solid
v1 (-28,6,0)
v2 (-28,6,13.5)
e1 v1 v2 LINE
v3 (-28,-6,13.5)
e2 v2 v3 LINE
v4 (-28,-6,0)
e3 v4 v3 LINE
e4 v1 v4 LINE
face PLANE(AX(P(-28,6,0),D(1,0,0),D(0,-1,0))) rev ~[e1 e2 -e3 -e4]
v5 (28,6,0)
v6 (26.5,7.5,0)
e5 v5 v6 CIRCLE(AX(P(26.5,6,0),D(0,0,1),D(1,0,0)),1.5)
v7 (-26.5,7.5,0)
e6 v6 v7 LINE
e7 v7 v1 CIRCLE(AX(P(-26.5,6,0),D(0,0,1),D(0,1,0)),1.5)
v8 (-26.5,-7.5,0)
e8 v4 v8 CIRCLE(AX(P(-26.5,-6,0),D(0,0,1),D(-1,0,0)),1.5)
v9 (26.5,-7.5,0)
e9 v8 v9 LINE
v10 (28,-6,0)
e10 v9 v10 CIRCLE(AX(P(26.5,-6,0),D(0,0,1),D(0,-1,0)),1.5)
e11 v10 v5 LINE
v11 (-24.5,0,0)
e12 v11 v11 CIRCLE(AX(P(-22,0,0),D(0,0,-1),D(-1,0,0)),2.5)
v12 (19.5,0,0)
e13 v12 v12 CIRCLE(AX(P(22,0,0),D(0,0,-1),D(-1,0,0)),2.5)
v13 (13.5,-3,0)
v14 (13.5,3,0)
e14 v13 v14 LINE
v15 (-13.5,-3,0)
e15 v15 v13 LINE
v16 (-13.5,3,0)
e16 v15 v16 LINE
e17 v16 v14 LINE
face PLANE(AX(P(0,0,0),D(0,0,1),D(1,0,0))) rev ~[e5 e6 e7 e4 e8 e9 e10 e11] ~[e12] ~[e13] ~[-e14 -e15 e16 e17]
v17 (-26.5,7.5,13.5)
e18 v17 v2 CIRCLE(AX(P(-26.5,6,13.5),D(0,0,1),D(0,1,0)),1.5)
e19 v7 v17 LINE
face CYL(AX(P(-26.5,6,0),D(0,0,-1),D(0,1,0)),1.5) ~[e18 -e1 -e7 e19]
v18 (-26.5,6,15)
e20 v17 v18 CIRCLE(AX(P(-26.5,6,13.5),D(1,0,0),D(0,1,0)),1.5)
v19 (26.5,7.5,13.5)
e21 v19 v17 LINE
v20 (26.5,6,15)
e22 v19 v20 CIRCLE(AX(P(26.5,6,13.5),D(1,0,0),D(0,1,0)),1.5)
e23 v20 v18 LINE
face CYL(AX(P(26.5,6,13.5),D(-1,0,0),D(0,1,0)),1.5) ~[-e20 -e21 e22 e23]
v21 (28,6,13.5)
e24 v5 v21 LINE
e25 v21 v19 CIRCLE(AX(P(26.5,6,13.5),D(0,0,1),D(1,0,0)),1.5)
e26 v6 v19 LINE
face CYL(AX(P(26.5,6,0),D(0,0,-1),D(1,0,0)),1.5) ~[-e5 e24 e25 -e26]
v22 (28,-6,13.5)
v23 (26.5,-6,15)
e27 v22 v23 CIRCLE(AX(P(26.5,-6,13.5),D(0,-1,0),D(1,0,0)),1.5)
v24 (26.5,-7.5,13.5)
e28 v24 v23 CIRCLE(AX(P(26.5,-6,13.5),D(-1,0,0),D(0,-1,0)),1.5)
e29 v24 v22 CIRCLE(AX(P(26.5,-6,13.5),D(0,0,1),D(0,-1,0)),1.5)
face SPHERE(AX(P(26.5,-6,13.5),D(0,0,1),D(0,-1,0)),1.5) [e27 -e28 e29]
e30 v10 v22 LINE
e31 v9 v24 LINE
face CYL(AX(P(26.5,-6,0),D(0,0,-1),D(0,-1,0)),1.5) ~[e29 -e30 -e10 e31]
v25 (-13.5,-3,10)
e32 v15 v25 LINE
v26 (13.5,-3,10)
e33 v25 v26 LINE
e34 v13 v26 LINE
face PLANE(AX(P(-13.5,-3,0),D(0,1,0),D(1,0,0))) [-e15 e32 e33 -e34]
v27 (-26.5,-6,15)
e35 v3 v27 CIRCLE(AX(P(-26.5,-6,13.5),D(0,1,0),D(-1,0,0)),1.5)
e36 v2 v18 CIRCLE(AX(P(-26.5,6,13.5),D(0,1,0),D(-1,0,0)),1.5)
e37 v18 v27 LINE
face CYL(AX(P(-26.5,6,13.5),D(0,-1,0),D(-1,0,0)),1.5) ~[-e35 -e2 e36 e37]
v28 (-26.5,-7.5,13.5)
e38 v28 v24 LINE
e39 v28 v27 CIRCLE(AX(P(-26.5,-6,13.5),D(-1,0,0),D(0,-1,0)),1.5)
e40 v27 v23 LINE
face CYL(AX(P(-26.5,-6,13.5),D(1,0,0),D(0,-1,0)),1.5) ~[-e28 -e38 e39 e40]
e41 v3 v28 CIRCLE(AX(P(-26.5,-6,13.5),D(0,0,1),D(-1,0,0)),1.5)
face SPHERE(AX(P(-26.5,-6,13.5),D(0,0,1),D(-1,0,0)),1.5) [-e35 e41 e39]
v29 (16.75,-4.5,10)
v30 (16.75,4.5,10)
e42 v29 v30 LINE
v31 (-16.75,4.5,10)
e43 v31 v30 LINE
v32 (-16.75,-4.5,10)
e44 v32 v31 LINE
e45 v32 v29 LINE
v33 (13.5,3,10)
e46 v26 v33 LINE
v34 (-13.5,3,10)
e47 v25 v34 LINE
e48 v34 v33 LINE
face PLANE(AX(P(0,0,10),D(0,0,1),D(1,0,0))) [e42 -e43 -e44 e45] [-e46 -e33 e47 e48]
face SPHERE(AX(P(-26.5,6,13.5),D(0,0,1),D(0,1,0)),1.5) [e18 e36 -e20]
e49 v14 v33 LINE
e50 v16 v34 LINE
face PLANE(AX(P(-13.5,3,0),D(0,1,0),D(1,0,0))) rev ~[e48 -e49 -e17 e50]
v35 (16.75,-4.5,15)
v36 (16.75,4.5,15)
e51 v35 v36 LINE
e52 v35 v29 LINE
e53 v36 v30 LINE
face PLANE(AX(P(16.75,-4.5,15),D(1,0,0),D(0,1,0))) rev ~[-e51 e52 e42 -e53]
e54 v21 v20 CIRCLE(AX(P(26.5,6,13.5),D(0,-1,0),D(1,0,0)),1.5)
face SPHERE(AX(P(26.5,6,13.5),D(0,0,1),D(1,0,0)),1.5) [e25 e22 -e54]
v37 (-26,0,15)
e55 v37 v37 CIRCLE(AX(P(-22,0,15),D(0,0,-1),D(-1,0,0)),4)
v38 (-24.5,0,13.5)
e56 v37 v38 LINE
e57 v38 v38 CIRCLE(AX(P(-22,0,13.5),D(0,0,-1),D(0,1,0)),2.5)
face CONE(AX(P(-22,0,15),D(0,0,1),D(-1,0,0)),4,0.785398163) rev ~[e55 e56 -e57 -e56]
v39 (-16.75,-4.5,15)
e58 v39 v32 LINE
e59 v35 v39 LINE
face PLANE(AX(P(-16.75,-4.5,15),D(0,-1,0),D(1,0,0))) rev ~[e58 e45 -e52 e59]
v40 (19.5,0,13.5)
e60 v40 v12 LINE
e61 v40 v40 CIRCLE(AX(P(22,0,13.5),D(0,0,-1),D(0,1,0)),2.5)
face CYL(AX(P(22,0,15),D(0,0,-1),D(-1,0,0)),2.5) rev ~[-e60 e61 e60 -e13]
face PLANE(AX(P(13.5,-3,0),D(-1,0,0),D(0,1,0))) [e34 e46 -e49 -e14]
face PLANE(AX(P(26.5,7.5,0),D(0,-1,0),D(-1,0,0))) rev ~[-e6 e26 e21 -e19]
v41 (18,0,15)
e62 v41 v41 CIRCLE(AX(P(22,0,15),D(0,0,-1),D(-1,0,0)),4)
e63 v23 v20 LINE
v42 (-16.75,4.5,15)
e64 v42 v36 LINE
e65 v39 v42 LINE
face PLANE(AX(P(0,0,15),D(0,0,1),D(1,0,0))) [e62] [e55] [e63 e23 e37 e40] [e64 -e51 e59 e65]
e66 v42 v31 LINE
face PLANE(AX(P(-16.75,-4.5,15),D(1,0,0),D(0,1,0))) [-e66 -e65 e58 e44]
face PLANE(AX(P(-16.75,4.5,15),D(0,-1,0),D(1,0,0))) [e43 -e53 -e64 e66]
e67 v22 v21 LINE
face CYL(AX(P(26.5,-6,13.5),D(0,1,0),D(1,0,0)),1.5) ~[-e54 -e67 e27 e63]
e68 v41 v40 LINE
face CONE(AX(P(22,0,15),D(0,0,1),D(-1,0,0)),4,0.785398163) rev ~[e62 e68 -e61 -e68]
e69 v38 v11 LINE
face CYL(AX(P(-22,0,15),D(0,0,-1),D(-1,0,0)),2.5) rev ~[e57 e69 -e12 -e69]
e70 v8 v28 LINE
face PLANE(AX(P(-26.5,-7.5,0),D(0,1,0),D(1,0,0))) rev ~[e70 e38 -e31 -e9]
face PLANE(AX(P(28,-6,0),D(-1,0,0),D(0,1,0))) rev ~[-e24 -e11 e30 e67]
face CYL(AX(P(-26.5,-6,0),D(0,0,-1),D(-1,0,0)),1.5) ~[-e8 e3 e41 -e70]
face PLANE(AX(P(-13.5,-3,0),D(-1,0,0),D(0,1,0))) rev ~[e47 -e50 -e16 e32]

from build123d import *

# Parameters (mm, degrees)
F0_W           = 27
F0_H           = 6
F1_DEPTH       = 15
F3_R           = 1.5
F2_W           = 33.5
F2_H           = 9
F2_W_2         = 27
F2_H_2         = 6
F4_DEPTH       = 5
F5_D           = 5
F5_CSINK_D     = 8
F5_CSINK_ANGLE = 90


with BuildPart() as f1:
    # F0 (on Top) → F1 (new body)
    with BuildSketch(Plane.XY):
        with BuildLine():
            Line((-26.5, -7.5), (26.5, -7.5))
            ThreePointArc((26.5, -7.5), (27.5606601718, -7.0606601718), (28, -6))
            Line((28, -6), (28, 6))
            ThreePointArc((28, 6), (27.5606601718, 7.0606601718), (26.5, 7.5))
            Line((26.5, 7.5), (-26.5, 7.5))
            ThreePointArc((-26.5, 7.5), (-27.5606601718, 7.0606601718), (-28, 6))
            Line((-28, 6), (-28, -6))
            ThreePointArc((-28, -6), (-27.5606601718, -7.0606601718), (-26.5, -7.5))
        make_face()
        Rectangle(F0_W, F0_H, mode=Mode.SUBTRACT)
    extrude(amount=F1_DEPTH)

    # F3
    f3_edges = [f1.edges().sort_by_distance(p)[0] for p in [
        (0, -7.5, 15),
        (27.56066, -7.06066, 15),
        (28, 0, 15),
        (27.56066, 7.06066, 15),
        (0, 7.5, 15),
        (-27.56066, 7.06066, 15),
        (-28, 0, 15),
        (-27.56066, -7.06066, 15),
        (13.5, 0, 15),
        (0, -3, 15),
        (-13.5, 0, 15),
        (0, 3, 15),
    ]]
    fillet(f3_edges, radius=F3_R)

    # F2 (on face) → F4 (cut)
    with BuildSketch(Plane.XY.offset(15)):
        Rectangle(F2_W, F2_H)
        Rectangle(F2_W_2, F2_H_2, mode=Mode.SUBTRACT)
    extrude(amount=-F4_DEPTH, mode=Mode.SUBTRACT)

    # F5 (through all)
    with Locations(Plane.XY.offset(15)):
        with Locations((-22, 0), (22, 0)):
            CounterSinkHole(F5_D / 2, F5_CSINK_D / 2, counter_sink_angle=F5_CSINK_ANGLE)


solid = f1.part
